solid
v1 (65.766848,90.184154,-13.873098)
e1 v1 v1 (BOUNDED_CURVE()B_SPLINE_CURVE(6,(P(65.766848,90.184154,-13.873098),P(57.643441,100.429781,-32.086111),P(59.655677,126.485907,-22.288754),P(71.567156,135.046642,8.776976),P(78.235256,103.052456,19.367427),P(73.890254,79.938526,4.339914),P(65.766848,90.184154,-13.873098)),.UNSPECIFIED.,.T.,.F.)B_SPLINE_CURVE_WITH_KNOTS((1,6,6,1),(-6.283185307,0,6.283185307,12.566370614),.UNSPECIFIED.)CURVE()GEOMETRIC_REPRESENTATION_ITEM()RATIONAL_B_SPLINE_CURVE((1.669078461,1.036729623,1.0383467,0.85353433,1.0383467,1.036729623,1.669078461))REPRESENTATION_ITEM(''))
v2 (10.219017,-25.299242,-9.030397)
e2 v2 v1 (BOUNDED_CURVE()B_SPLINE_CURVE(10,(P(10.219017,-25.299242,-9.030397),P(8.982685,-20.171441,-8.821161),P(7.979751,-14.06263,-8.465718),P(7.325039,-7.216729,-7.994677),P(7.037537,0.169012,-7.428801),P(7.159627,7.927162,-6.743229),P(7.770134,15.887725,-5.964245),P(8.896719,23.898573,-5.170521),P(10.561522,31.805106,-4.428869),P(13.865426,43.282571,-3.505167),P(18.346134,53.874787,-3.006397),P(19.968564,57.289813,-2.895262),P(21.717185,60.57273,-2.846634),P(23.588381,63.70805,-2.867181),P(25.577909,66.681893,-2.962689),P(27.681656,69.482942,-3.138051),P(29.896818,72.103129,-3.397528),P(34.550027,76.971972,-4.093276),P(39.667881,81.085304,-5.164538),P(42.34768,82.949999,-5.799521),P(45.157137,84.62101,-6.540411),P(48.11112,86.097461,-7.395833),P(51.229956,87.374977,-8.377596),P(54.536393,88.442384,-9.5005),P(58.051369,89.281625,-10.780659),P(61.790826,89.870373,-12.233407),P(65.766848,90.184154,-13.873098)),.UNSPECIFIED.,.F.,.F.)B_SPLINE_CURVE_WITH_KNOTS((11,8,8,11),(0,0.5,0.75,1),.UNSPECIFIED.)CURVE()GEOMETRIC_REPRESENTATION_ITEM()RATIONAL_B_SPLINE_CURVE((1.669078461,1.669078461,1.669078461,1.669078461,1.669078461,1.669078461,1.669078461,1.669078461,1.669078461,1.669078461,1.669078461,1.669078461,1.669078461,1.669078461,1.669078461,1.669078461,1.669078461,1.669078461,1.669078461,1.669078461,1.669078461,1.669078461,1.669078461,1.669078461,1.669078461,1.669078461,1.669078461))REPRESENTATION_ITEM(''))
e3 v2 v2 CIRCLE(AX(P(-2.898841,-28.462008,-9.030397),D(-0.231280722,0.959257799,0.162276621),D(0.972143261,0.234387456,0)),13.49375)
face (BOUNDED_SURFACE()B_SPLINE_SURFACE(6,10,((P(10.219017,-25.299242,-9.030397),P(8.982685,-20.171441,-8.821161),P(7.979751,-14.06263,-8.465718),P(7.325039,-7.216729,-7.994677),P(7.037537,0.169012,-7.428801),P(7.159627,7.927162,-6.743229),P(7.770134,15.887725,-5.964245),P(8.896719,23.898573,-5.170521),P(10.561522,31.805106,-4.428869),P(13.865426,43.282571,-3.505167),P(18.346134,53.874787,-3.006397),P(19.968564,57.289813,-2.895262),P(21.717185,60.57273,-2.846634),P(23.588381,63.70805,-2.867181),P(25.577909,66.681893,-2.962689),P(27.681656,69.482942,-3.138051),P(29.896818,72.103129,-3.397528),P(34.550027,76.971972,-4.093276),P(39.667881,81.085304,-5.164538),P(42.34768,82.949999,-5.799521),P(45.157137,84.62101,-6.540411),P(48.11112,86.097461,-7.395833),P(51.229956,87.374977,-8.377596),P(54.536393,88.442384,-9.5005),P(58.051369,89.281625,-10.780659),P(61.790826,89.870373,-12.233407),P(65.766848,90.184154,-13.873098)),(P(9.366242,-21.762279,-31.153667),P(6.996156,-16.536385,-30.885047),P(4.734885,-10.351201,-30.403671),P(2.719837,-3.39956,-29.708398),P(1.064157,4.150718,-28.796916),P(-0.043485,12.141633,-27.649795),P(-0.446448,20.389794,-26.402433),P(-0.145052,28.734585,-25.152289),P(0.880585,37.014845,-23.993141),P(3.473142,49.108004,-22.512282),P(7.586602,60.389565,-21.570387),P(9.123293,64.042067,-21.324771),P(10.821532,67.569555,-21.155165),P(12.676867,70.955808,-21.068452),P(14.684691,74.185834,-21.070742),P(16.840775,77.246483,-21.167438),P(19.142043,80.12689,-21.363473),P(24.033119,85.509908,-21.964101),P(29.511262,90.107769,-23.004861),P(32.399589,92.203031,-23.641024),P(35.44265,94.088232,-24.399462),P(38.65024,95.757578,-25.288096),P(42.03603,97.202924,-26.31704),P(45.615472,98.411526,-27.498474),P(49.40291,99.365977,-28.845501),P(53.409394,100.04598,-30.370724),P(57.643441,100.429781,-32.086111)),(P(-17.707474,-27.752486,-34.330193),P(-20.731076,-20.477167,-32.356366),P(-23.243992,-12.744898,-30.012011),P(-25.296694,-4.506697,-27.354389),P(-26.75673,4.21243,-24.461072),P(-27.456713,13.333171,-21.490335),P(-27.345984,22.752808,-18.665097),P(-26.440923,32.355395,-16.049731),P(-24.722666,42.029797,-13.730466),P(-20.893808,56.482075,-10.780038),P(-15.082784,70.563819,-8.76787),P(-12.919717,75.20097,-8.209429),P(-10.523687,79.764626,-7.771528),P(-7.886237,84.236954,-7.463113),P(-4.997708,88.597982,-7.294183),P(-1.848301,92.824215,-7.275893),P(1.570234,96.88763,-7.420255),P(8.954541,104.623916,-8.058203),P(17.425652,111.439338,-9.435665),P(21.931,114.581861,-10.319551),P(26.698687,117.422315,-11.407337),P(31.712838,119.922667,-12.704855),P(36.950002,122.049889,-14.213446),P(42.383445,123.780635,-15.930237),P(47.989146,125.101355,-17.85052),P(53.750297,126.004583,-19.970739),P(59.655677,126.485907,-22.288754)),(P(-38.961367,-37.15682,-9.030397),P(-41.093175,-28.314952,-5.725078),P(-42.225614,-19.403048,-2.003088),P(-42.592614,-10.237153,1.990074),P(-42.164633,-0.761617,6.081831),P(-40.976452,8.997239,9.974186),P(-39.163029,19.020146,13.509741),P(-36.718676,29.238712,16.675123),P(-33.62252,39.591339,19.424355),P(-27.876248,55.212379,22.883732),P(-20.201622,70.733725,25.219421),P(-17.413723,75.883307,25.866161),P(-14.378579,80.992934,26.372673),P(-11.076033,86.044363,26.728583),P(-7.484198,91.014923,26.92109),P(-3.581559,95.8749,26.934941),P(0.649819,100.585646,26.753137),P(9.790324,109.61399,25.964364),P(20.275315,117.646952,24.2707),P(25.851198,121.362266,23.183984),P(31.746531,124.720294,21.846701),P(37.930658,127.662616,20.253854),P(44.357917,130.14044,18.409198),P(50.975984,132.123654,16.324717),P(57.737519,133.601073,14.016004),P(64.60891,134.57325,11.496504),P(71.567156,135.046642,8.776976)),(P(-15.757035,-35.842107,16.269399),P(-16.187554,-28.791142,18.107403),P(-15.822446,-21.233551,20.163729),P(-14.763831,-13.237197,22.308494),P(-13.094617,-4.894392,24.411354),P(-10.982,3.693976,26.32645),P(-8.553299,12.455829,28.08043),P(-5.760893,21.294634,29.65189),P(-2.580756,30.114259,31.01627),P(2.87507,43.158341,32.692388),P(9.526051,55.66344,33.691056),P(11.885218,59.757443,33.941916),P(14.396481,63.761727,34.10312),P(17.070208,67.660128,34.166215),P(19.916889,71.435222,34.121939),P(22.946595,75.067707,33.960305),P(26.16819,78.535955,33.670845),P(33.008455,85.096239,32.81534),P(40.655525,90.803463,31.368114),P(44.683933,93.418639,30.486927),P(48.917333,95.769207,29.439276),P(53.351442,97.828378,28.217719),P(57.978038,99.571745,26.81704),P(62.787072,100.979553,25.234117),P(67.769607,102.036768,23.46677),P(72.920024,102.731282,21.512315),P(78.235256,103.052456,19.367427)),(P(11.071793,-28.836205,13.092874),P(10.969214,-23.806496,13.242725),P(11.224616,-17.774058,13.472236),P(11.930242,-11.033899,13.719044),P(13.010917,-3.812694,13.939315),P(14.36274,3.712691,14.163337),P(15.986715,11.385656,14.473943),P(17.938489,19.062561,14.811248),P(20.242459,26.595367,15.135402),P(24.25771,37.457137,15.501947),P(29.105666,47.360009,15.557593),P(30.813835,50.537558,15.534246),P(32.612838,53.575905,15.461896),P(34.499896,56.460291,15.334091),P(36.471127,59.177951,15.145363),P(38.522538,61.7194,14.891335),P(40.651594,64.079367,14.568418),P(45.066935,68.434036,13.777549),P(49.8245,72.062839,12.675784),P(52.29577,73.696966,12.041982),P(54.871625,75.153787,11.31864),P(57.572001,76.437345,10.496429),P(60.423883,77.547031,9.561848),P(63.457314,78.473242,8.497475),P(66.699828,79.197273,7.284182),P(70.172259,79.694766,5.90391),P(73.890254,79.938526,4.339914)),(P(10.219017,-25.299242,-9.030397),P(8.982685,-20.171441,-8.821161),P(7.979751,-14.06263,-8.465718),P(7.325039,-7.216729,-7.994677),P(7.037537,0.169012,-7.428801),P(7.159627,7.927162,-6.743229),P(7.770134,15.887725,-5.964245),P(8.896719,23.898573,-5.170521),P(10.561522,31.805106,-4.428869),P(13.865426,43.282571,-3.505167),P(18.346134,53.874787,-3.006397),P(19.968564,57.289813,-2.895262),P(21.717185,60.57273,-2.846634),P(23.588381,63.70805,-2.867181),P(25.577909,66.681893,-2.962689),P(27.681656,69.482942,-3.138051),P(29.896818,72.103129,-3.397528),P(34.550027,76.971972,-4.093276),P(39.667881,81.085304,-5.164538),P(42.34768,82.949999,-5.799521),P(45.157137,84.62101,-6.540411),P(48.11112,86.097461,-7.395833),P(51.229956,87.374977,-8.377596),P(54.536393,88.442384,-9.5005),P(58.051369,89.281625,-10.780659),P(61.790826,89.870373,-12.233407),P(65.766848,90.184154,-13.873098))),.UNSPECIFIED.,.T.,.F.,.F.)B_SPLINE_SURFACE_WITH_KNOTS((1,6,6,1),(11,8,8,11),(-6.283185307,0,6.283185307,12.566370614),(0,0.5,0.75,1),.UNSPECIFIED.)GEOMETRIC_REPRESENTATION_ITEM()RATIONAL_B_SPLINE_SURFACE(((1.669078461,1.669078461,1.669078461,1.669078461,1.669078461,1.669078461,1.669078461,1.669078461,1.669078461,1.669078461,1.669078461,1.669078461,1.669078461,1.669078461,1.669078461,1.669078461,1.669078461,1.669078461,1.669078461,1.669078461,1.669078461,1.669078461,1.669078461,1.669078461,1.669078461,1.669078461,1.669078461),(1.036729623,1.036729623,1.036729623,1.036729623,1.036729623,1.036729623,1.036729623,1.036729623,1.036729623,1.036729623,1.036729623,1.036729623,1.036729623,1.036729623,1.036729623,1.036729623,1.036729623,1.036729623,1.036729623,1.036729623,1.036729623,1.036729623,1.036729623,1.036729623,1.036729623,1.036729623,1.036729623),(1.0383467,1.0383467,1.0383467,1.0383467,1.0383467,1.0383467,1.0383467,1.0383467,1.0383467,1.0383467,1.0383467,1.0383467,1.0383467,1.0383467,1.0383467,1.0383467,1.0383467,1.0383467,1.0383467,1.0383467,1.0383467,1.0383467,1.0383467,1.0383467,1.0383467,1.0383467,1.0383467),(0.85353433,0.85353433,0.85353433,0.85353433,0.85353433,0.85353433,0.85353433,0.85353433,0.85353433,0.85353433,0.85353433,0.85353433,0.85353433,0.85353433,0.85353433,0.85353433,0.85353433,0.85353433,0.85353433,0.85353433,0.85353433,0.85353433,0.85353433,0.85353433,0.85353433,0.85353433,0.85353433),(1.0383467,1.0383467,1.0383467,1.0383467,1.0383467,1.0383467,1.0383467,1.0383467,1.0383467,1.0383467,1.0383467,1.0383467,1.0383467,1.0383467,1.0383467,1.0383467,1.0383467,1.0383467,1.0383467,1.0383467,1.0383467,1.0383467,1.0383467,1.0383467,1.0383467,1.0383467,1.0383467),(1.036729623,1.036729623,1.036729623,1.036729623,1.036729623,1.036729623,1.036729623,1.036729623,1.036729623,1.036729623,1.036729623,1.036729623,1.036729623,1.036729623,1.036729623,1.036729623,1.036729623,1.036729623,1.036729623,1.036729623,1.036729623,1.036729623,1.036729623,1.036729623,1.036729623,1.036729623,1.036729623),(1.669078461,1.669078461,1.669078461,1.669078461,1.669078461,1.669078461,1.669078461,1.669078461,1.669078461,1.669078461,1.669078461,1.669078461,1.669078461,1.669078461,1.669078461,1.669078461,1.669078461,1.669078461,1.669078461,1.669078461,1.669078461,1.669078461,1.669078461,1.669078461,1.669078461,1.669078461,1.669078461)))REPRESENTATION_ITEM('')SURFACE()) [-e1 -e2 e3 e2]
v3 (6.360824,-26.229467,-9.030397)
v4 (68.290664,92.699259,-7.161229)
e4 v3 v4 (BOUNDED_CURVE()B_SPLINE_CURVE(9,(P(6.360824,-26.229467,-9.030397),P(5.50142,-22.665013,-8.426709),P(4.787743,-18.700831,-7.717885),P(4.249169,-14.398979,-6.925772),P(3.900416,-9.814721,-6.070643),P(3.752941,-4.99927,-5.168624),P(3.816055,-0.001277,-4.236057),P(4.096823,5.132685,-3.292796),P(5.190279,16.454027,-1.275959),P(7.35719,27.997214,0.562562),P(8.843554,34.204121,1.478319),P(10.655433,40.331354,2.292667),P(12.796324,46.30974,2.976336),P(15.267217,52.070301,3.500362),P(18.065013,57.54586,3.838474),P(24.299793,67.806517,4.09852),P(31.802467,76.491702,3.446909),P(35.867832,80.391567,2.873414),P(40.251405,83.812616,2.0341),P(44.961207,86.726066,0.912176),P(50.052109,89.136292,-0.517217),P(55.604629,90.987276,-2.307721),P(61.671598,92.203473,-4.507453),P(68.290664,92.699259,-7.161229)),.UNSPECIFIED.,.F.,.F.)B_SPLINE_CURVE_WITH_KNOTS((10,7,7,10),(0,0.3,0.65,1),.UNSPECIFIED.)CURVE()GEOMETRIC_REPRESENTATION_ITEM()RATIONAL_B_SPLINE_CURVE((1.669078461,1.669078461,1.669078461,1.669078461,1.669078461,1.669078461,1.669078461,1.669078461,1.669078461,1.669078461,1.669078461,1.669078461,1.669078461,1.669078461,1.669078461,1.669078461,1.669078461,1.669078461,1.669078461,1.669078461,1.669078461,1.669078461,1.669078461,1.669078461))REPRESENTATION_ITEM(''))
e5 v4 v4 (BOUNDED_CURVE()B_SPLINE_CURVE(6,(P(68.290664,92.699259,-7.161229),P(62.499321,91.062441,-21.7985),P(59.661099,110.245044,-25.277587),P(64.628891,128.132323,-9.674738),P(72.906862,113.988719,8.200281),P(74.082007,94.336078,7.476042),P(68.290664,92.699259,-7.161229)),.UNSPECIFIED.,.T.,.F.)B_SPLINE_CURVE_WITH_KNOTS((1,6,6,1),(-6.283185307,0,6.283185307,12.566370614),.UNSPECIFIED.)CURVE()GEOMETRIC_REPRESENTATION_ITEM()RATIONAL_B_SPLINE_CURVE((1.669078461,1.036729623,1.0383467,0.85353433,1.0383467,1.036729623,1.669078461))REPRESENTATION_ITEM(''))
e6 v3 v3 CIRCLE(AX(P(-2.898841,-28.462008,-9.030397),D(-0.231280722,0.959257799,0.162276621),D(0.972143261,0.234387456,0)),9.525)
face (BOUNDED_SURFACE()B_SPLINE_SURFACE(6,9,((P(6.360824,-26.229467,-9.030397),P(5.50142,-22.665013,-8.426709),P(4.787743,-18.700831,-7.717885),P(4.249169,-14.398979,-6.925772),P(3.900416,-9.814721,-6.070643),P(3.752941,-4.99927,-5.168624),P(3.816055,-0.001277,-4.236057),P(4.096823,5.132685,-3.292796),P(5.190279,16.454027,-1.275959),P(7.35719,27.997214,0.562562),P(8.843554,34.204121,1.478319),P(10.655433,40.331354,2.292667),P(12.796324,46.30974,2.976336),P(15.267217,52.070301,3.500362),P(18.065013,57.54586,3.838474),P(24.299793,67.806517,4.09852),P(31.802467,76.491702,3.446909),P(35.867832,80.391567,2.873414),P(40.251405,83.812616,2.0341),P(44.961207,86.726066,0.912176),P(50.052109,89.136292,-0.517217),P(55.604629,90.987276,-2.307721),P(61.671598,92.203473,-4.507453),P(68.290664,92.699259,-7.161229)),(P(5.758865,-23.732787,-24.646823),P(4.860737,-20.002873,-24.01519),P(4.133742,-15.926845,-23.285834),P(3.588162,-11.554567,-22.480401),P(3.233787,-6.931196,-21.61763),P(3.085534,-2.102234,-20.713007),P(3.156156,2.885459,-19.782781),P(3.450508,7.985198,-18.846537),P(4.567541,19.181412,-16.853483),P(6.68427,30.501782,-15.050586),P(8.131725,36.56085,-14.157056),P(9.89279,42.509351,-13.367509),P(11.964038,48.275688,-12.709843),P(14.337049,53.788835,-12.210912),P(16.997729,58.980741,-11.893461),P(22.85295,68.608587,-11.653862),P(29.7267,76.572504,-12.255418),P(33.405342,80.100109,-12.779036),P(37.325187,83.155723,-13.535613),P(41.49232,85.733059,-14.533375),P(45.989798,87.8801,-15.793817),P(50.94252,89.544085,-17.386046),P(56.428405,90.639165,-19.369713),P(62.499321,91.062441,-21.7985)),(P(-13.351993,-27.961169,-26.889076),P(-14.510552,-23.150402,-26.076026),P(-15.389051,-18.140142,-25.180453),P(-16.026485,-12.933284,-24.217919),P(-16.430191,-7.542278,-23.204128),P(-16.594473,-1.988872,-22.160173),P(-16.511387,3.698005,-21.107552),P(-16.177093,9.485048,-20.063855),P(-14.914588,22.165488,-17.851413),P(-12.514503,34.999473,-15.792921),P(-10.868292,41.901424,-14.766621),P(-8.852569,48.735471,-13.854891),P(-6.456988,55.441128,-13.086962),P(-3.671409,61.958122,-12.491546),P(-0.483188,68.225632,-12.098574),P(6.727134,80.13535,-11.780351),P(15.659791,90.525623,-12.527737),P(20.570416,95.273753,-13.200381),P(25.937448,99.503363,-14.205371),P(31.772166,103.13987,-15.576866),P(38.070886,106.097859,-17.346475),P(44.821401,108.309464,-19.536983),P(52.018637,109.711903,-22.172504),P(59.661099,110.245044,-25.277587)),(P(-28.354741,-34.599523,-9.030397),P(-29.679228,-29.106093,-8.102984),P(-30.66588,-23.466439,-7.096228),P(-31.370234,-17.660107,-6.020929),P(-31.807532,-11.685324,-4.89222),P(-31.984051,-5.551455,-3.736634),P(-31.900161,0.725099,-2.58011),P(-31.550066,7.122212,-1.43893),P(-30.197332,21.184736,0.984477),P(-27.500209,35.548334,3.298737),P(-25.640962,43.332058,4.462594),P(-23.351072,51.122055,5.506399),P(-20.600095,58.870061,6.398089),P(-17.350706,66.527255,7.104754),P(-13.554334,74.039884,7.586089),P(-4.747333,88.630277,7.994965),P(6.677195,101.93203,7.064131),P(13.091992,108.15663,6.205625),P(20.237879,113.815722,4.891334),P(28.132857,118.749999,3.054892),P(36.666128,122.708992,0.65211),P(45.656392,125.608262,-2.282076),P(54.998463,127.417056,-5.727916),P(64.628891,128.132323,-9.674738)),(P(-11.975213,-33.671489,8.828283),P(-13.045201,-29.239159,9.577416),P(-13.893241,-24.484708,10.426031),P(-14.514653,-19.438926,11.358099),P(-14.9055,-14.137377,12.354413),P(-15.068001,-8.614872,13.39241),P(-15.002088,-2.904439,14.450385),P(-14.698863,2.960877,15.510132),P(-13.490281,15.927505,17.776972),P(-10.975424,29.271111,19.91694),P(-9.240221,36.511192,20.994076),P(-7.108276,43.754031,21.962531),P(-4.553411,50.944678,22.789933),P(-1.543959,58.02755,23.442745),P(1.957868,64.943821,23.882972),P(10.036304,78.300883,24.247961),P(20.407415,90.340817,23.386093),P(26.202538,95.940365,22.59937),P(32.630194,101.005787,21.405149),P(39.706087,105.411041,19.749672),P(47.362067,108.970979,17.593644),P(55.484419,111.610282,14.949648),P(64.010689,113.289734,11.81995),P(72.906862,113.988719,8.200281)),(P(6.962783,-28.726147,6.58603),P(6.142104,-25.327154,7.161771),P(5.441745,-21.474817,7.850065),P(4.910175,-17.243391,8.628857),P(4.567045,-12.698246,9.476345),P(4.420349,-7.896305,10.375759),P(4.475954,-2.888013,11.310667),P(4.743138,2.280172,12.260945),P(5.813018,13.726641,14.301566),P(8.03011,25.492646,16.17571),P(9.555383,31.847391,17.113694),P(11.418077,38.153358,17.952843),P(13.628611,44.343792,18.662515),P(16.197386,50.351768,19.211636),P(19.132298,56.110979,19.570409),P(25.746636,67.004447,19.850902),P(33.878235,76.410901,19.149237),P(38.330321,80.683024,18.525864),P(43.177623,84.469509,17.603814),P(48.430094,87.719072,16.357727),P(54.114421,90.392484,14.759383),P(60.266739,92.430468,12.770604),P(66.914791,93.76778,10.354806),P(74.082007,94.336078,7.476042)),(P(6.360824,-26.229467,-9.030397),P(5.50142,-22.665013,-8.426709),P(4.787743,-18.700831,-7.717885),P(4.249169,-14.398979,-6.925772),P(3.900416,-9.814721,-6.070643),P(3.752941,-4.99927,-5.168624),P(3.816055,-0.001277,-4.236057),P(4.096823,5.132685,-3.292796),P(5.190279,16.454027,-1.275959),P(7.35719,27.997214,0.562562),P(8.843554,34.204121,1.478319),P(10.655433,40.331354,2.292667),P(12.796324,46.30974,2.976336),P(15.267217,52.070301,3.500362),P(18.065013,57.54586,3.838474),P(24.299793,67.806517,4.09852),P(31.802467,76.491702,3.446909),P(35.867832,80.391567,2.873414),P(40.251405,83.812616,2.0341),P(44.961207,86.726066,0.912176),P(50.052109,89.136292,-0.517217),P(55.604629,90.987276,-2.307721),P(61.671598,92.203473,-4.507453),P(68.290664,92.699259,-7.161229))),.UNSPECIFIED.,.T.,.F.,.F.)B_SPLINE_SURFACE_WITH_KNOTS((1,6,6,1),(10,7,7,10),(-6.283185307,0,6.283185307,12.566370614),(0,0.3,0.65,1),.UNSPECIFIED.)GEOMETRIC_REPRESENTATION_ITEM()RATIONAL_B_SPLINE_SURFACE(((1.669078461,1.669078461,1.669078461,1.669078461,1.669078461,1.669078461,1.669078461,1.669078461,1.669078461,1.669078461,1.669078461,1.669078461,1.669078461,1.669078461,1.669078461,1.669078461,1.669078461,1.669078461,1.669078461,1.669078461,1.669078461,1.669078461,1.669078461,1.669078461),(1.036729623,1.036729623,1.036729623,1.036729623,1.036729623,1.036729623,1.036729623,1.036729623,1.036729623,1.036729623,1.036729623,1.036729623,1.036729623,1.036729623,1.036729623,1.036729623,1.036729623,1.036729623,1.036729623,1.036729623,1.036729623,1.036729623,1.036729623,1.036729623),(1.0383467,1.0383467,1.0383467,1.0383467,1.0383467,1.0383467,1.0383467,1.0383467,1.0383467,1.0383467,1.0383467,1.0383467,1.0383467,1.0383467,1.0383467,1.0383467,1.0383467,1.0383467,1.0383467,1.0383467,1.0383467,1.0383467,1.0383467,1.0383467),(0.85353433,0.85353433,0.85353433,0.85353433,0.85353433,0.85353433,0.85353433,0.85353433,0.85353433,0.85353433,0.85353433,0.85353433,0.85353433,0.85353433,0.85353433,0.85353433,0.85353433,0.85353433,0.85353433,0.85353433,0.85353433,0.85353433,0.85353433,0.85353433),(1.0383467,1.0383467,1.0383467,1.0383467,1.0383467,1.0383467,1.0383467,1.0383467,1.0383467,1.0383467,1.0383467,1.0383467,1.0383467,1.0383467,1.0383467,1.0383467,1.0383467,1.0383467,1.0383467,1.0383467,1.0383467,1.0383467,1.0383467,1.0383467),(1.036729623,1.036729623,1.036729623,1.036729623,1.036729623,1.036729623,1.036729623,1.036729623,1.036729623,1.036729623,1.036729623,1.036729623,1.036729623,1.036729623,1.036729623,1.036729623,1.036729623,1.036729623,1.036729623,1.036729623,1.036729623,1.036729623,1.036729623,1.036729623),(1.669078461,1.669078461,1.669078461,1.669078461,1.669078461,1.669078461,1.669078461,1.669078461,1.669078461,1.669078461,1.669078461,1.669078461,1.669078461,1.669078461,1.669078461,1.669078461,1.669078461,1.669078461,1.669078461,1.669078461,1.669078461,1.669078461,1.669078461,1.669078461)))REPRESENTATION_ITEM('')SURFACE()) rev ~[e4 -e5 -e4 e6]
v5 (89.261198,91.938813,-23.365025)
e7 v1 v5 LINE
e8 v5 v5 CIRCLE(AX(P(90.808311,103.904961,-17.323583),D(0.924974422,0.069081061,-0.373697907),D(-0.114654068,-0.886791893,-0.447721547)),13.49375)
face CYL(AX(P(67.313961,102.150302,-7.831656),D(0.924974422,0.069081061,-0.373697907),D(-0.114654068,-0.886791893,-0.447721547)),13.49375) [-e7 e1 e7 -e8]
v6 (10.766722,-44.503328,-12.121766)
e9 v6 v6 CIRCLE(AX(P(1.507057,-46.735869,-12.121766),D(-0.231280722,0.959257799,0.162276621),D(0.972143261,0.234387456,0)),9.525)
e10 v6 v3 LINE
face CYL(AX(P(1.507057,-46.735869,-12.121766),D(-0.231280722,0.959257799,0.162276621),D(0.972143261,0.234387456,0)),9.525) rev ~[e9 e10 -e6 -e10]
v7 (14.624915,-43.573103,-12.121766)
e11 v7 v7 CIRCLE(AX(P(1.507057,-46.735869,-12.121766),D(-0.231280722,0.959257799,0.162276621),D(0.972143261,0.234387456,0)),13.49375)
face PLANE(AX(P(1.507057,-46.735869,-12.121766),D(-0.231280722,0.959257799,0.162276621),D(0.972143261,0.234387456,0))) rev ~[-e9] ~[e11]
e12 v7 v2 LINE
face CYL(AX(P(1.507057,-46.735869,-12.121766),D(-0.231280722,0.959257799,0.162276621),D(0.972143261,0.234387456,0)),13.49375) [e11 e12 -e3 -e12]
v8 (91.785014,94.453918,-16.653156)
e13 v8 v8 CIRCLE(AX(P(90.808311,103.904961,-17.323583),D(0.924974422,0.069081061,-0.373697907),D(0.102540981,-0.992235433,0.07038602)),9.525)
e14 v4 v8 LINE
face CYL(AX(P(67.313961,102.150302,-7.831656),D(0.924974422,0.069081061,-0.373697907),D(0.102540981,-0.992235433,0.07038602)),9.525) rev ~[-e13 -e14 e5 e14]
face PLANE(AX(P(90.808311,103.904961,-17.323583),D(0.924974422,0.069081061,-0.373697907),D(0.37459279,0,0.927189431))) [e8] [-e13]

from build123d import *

# Parameters (mm, degrees)
SWEEP1_PROFILE_R     = 13.49375
CUT_SWEEP1_PROFILE_R = 9.525


with BuildPart() as part:
    # Sweep1: sweep along a curve in space
    with BuildLine() as sweep1_path:
        Line((1.507056985, -46.735868675, -12.121766428), (-2.89884077, -28.462007596, -9.030396792))
        add(Edge.make_bspline(
            [(-2.89884077, -28.462007596, -9.030396792), (-12.733389263, 12.327675443, -2.130049512), (3.694377524, 97.398918076, 17.871222686), (67.313961037, 102.150301712, -7.831655808)],
            knots=[0, 0, 0, 0, 1, 1, 1, 1], degree=3))
        Line((67.313961037, 102.150301712, -7.831655808), (90.808311358, 103.904960663, -17.323582638))
    # Sweep1 profile (on start of the path) → Sweep1 (sweep)
    with BuildSketch(Plane(origin=(1.507056985, -46.735868675, -12.121766428), x_dir=(0.9721432612515077, 0.23438745615600456, 0), z_dir=(-0.23128072205980613, 0.959257799436907, 0.16227662130743767))):
        Circle(SWEEP1_PROFILE_R)
    sweep(path=sweep1_path.line, is_frenet=True)

    # Cut-Sweep1: sweep along a curve in space
    with BuildLine() as cut_sweep1_path:
        Line((1.507056985, -46.735868675, -12.121766428), (-2.89884077, -28.462007596, -9.030396792))
        add(Edge.make_bspline(
            [(-2.89884077, -28.462007596, -9.030396792), (-12.733389263, 12.327675443, -2.130049512), (3.694377524, 97.398918076, 17.871222686), (67.313961037, 102.150301712, -7.831655808)],
            knots=[0, 0, 0, 0, 1, 1, 1, 1], degree=3))
        Line((67.313961037, 102.150301712, -7.831655808), (90.808311358, 103.904960663, -17.323582638))
    # Cut-Sweep1 profile (on start of the path) → Cut-Sweep1 (sweep, cut)
    with BuildSketch(Plane(origin=(1.507056985, -46.735868675, -12.121766428), x_dir=(0.9721432612515077, 0.23438745615600456, 0), z_dir=(-0.23128072205980613, 0.959257799436907, 0.16227662130743767))):
        Circle(CUT_SWEEP1_PROFILE_R)
    sweep(path=cut_sweep1_path.line, mode=Mode.SUBTRACT)


solid = part.part
